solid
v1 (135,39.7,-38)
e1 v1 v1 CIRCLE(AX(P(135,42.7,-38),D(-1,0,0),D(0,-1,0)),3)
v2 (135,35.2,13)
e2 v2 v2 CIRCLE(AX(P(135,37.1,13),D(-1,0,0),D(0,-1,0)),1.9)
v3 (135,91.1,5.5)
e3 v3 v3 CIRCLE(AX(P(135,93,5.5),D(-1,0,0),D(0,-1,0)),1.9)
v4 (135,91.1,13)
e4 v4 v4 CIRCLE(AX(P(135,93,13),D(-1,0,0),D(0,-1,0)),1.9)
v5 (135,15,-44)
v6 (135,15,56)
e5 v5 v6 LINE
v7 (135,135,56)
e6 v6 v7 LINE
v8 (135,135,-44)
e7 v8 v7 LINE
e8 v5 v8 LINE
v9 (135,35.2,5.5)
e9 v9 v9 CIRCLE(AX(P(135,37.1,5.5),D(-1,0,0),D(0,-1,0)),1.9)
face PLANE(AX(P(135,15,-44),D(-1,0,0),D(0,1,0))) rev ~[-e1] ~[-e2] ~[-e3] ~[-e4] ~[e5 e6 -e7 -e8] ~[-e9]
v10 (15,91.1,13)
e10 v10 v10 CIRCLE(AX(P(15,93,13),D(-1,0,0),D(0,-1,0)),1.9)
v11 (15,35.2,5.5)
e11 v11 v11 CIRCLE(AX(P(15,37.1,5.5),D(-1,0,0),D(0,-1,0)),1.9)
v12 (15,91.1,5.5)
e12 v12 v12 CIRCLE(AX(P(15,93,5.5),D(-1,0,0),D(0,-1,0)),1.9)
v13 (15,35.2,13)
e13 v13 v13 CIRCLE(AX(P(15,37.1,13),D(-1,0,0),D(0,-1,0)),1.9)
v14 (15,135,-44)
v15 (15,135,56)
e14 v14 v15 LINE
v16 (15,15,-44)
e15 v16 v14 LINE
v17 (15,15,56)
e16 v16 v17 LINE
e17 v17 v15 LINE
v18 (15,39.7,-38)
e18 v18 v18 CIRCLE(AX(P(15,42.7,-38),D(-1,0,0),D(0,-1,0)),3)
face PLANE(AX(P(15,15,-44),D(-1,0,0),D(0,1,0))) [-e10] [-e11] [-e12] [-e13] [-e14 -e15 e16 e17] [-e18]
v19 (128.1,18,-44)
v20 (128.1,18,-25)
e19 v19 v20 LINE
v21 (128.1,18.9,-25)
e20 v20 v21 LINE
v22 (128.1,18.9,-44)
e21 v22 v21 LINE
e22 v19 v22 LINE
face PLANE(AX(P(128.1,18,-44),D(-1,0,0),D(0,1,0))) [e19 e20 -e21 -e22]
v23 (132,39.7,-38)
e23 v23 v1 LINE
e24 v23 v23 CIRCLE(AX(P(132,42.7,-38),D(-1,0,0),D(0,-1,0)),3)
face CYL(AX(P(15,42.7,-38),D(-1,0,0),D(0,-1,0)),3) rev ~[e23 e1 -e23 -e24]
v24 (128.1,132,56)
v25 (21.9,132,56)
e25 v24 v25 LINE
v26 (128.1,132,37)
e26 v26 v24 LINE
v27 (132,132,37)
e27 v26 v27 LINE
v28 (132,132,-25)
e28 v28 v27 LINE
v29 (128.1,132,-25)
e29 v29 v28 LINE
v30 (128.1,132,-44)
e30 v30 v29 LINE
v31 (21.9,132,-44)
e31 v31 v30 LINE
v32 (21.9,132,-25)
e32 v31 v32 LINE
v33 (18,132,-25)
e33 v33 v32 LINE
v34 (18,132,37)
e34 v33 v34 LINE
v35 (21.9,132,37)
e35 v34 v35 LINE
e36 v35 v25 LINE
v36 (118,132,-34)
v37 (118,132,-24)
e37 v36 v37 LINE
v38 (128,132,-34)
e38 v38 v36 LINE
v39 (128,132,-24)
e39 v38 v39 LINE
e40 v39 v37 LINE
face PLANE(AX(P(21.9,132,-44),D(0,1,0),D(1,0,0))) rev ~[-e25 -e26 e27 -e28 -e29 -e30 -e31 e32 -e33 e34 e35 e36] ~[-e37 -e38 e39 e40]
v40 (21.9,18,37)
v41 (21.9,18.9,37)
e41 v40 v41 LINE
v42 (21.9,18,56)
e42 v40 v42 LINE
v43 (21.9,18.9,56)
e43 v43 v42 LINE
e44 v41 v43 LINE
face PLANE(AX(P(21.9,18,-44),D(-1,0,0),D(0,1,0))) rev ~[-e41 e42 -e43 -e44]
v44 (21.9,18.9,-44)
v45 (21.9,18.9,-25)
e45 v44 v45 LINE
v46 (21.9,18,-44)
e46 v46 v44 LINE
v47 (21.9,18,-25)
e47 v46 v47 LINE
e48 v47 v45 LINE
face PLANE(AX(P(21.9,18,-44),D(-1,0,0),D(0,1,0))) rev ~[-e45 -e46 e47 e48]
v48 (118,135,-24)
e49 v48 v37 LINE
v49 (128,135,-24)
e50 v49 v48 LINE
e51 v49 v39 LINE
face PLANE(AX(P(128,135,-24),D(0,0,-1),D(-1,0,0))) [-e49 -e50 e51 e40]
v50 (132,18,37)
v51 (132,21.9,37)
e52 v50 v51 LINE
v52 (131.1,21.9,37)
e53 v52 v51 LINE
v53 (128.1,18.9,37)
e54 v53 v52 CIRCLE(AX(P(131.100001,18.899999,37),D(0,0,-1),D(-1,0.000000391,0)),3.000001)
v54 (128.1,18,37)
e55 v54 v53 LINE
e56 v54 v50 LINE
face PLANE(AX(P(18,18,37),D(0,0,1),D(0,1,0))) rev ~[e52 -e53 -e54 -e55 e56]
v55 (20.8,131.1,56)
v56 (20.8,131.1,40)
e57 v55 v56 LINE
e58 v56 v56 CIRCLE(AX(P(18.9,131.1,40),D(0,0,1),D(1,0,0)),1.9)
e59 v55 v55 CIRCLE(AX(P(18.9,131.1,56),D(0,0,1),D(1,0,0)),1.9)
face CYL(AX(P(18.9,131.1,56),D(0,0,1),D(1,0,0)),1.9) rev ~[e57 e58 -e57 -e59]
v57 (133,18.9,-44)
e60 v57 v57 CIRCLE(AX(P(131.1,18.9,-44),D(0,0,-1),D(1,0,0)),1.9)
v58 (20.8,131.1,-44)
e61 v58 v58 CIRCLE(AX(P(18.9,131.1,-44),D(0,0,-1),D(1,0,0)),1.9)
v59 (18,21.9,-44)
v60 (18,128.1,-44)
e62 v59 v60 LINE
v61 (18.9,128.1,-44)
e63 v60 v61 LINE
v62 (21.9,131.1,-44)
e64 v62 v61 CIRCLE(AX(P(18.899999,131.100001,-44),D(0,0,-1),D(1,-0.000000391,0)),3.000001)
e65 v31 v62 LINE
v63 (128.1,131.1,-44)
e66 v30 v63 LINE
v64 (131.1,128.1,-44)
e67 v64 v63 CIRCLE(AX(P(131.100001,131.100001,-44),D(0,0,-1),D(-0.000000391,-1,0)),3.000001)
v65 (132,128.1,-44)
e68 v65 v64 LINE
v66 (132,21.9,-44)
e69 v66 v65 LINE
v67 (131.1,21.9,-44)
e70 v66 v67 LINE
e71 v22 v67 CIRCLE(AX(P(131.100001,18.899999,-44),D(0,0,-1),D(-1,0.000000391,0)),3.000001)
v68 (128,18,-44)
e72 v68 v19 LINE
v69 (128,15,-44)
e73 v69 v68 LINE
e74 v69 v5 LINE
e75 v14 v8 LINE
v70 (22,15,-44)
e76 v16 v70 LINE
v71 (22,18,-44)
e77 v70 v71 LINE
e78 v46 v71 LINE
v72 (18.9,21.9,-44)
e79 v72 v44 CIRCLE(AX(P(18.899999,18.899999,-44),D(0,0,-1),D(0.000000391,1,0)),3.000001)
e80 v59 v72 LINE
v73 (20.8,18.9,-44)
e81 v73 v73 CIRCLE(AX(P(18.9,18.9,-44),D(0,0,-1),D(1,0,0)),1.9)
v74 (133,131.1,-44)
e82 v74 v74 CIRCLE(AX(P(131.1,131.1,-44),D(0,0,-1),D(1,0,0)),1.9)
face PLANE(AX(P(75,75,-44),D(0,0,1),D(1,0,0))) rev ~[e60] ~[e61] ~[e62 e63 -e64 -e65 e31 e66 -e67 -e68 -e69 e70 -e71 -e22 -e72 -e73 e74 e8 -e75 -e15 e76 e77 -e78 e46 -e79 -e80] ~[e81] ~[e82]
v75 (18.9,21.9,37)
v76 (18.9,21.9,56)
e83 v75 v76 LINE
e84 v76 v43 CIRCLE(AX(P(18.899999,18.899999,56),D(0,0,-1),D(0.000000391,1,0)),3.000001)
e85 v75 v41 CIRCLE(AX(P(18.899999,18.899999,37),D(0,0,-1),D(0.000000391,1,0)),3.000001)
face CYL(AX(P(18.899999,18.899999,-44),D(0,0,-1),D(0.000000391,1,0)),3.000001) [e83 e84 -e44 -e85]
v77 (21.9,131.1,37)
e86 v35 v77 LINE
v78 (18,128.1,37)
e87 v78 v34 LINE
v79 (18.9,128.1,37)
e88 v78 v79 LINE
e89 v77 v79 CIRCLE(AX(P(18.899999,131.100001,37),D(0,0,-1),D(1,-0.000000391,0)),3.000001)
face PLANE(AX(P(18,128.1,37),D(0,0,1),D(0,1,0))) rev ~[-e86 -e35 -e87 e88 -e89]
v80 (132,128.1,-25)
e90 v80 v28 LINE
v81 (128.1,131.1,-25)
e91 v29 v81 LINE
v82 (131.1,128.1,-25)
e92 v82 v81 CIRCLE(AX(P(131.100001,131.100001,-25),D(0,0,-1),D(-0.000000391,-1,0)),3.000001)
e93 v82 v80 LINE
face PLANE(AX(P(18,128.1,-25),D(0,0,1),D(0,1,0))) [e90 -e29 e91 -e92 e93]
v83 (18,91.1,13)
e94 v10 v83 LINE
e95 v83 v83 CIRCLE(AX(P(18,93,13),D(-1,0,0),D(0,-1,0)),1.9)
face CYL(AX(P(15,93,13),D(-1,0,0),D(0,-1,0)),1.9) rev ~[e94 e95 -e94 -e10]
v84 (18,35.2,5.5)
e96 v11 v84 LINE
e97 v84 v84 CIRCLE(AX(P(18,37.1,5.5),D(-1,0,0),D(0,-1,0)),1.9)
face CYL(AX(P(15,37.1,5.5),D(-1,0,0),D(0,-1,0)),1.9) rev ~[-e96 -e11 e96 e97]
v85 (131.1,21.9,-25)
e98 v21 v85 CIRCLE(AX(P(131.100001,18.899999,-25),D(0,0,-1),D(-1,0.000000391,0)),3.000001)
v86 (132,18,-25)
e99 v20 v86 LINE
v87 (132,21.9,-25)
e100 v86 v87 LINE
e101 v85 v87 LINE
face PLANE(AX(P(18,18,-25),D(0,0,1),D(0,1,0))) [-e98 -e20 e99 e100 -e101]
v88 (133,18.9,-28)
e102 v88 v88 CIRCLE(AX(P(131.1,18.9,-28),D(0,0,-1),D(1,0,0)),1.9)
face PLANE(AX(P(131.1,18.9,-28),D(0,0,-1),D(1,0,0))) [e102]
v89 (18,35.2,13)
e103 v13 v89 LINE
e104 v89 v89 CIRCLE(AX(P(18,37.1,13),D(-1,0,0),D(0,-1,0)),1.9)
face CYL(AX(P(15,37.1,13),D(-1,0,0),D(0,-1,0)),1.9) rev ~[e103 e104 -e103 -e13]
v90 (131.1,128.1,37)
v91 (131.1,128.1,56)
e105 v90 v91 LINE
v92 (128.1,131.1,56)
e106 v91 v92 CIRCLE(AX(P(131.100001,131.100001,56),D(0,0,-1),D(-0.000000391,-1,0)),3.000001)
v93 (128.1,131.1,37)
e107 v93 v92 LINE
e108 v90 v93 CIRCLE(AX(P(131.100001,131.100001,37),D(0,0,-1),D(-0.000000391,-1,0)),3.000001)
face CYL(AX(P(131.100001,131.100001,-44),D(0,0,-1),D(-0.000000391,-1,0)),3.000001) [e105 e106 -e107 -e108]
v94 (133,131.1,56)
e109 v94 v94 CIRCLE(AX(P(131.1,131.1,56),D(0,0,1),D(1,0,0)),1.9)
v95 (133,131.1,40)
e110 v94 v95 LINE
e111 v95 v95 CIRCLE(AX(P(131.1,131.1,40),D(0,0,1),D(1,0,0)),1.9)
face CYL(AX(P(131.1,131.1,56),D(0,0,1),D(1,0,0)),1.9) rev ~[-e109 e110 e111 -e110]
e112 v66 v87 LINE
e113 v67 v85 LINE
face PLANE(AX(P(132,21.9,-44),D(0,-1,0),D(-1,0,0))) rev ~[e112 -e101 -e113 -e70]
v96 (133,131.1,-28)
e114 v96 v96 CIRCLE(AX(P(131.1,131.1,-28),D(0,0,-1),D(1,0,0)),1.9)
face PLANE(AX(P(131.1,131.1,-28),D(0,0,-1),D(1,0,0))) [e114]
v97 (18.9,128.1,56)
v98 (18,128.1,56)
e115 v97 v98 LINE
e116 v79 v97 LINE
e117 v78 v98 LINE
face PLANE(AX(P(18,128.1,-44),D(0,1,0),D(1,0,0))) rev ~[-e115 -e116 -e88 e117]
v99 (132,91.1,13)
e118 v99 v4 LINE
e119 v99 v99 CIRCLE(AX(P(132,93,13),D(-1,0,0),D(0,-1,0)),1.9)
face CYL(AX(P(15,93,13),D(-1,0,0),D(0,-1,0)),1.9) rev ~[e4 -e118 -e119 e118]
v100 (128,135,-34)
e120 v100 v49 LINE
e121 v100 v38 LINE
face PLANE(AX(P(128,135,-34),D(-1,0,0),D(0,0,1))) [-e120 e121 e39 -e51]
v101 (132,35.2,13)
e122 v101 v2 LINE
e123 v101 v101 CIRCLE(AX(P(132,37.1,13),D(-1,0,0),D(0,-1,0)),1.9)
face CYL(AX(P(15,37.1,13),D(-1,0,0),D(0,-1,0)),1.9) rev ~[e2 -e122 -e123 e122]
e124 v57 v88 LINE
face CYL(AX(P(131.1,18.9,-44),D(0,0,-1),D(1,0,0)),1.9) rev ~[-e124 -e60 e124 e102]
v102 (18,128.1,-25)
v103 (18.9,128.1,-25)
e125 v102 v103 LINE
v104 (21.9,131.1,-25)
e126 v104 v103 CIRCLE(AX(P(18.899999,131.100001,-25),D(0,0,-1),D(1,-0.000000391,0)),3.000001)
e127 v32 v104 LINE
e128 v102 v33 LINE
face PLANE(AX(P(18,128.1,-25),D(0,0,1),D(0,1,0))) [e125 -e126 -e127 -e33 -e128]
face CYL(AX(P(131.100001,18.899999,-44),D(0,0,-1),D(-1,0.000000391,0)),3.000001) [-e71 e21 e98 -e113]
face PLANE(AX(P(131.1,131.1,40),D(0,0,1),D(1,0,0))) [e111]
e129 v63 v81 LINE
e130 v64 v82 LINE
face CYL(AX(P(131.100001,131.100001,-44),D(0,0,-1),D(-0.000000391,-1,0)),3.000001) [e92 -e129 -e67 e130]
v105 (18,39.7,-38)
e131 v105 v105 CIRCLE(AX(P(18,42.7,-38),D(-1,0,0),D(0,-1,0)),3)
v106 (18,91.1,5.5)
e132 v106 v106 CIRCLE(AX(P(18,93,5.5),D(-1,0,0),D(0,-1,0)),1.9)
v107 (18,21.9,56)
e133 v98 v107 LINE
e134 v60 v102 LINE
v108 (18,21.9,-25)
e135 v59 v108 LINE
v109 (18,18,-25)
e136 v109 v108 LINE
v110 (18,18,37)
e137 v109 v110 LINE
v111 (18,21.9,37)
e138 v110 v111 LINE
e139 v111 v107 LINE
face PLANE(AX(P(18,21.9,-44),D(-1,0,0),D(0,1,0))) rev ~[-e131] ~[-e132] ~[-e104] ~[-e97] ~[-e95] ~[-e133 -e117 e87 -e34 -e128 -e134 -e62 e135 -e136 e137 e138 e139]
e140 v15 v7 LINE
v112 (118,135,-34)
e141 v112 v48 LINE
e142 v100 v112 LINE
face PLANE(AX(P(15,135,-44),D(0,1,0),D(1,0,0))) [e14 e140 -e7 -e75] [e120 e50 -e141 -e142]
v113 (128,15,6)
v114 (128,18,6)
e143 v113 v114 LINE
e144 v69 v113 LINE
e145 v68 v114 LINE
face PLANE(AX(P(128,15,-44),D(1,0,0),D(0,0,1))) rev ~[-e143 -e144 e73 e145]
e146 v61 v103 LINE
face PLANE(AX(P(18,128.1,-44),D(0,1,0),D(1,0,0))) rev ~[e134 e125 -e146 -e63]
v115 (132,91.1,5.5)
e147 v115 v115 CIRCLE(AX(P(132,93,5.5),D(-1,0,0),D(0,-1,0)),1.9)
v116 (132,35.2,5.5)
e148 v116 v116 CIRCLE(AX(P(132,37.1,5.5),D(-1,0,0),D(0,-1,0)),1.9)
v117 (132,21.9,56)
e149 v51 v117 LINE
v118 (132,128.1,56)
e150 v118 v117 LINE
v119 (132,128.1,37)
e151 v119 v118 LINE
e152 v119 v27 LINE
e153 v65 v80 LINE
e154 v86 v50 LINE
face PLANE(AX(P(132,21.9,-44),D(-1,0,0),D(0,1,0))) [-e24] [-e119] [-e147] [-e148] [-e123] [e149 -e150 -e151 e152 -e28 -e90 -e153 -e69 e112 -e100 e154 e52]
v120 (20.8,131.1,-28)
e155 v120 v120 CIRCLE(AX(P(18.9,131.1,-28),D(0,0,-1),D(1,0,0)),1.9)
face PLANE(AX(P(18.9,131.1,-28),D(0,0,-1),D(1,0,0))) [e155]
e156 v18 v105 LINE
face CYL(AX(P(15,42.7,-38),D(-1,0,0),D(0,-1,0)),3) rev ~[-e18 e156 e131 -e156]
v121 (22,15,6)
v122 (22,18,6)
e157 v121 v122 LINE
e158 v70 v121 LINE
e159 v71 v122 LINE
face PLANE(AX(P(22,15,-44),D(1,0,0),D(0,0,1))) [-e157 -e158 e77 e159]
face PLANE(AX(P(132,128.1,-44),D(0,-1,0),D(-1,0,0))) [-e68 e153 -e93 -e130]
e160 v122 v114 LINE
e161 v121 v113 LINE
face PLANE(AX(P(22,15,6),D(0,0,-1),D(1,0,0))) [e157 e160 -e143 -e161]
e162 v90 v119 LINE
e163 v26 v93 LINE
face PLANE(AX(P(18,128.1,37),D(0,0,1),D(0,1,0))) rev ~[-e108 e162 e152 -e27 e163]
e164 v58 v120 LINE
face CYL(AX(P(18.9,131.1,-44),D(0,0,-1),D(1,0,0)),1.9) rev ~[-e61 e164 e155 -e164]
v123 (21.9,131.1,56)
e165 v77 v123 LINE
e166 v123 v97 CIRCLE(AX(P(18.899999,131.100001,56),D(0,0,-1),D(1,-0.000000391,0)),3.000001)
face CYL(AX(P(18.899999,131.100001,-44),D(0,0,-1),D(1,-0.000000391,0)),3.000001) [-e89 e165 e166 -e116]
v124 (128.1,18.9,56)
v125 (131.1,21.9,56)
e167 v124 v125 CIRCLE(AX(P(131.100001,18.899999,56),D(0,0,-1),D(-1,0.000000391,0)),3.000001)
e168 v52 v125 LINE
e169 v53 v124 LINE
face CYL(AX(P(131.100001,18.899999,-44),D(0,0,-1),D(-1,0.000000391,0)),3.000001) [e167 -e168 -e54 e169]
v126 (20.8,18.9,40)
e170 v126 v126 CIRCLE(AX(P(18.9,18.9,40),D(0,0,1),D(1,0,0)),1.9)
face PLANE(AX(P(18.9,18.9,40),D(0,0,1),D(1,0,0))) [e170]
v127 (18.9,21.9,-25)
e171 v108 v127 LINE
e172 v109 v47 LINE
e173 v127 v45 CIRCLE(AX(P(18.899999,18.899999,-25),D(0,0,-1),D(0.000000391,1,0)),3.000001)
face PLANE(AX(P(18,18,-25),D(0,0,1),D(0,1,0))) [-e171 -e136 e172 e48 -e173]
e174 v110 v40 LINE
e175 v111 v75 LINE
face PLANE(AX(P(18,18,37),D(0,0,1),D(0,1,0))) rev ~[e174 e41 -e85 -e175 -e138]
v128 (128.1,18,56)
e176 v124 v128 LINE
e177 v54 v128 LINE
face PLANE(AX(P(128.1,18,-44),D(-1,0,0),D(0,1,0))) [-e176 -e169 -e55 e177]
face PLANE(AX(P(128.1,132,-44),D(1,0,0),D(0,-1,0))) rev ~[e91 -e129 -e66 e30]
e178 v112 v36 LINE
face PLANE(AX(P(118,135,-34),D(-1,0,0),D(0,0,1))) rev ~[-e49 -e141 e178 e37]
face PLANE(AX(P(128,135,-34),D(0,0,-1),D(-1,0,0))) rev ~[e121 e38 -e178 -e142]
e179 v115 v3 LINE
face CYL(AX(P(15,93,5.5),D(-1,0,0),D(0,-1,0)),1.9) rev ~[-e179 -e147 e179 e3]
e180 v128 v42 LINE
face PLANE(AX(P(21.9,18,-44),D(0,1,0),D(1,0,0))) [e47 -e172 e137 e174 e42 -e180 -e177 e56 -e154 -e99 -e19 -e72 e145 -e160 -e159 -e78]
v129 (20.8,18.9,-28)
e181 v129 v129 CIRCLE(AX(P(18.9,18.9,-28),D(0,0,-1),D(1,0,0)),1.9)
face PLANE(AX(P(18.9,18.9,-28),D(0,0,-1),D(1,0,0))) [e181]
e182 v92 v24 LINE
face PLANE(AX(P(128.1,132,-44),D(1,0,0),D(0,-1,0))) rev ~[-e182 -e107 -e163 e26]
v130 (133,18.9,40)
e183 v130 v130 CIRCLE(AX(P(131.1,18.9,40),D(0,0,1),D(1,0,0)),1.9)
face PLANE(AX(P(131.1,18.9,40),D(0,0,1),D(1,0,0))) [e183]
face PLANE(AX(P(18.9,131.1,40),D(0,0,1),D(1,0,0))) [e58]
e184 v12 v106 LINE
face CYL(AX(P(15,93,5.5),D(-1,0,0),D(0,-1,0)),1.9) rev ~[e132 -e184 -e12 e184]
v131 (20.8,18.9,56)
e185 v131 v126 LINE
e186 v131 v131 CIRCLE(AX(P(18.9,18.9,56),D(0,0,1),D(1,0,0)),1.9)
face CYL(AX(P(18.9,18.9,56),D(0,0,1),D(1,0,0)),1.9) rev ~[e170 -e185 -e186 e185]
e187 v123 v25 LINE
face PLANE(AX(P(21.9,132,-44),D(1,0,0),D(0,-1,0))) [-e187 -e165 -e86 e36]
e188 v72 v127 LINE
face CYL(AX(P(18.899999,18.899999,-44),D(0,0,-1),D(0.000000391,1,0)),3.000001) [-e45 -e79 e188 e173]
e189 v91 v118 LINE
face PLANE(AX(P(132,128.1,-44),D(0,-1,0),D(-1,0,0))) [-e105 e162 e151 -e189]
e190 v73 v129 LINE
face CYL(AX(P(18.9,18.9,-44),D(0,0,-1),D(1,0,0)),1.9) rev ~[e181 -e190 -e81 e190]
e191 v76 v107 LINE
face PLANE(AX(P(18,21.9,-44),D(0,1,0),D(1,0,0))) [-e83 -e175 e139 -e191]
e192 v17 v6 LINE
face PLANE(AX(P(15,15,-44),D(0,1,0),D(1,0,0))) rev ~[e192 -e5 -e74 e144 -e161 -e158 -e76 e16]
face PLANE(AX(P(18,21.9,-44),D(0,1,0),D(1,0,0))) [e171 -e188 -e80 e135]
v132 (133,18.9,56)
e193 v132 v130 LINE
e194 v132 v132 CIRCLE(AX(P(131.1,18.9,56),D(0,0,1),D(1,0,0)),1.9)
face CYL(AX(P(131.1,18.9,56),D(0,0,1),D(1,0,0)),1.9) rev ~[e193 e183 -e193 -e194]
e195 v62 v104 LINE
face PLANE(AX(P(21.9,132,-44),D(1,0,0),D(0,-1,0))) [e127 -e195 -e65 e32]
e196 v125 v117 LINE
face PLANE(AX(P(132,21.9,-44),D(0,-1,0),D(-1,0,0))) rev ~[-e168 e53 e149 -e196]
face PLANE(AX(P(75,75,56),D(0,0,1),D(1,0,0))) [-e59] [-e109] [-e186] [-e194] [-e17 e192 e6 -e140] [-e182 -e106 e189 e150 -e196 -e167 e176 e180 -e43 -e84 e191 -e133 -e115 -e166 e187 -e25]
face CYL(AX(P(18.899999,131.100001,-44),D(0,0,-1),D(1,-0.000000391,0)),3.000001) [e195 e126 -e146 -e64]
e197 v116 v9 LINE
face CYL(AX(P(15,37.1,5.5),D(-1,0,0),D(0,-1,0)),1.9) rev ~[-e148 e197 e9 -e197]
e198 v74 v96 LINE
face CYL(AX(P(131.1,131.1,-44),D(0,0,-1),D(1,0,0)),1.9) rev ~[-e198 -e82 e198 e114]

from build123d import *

# Parameters (mm, degrees)
SKETCH007_W     = 120
SKETCH007_H     = 120
PAD002_DEPTH    = 100
POCKET005_DEPTH = 100.001
SKETCH009_R     = 1.9
POCKET006_DEPTH = 16
SKETCH010_W     = 3.9
SKETCH010_H     = 62
POCKET007_DEPTH = 114
SKETCH011_R     = 1.9
POCKET008_DEPTH = 16
SKETCH012_R     = 1.9
POCKET009_DEPTH = 120.001
SKETCH013_W     = 106
SKETCH013_H     = 50
POCKET010_DEPTH = 3
SKETCH014_R     = 3
POCKET011_DEPTH = 120.001
SKETCH015_W     = 10
SKETCH015_H     = 10
POCKET012_DEPTH = 3


with BuildPart() as part:
    # Sketch007 → Pad002 (new body)
    with BuildSketch(Plane.XY):
        with Locations((75, 75)):
            Rectangle(SKETCH007_W, SKETCH007_H)
    extrude(amount=PAD002_DEPTH)

    # Sketch008 (on Face5 of Pad002) → Pocket005 (cut, through all)
    with BuildSketch(Plane(origin=(0, 0, 0), x_dir=(1, 0, 0), z_dir=(0, 0, -1))):
        with BuildLine():
            Line((21.9, -18), (128.1, -18))
            Line((128.1, -18), (128.1, -18.9))
            ThreePointArc((128.1, -18.9), (128.97868, -21.02132), (131.1, -21.9))
            Line((132, -21.9), (131.1, -21.9))
            Line((132, -21.9), (132, -128.1))
            Line((132, -128.1), (131.1, -128.1))
            ThreePointArc((131.1, -128.1), (128.97868, -128.97868), (128.1, -131.1))
            Line((128.1, -132), (128.1, -131.1))
            Line((21.9, -132), (128.1, -132))
            Line((21.9, -132), (21.9, -131.1))
            ThreePointArc((21.9, -131.1), (21.02132, -128.97868), (18.9, -128.1))
            Line((18, -128.1), (18.9, -128.1))
            Line((18, -21.9), (18, -128.1))
            Line((18, -21.9), (18.9, -21.9))
            ThreePointArc((18.9, -21.9), (21.02132, -21.02132), (21.9, -18.9))
            Line((21.9, -18), (21.9, -18.9))
        make_face()
    extrude(amount=-POCKET005_DEPTH, mode=Mode.SUBTRACT)

    # Sketch009 (on Face5 of Pocket005) → Pocket006 (cut)
    with BuildSketch(Plane.XY.offset(100)):
        with Locations((18.9, 18.9)):
            Circle(SKETCH009_R)
        with Locations((131.1, 18.9)):
            Circle(SKETCH009_R)
        with Locations((131.1, 131.1)):
            Circle(SKETCH009_R)
        with Locations((18.9, 131.1)):
            Circle(SKETCH009_R)
    extrude(amount=-POCKET006_DEPTH, mode=Mode.SUBTRACT)

    # Sketch010 (on Face7 of Pocket006) → Pocket007 (cut)
    with BuildSketch(Plane.YZ.offset(18)):
        with Locations((19.95, 50)):
            Rectangle(SKETCH010_W, SKETCH010_H)
        with Locations((130.05, 50)):
            Rectangle(SKETCH010_W, SKETCH010_H)
    extrude(amount=POCKET007_DEPTH, mode=Mode.SUBTRACT)

    # Sketch011 (on Face4 of Pocket007) → Pocket008 (cut)
    with BuildSketch(Plane(origin=(0, 0, 0), x_dir=(1, 0, 0), z_dir=(0, 0, -1))):
        with Locations((18.9, -131.1)):
            Circle(SKETCH011_R)
        with Locations((18.9, -18.9)):
            Circle(SKETCH011_R)
        with Locations((131.1, -18.9)):
            Circle(SKETCH011_R)
        with Locations((131.1, -131.1)):
            Circle(SKETCH011_R)
    extrude(amount=-POCKET008_DEPTH, mode=Mode.SUBTRACT)

    # Sketch012 (on Face2 of Pocket008) → Pocket009 (cut, through all)
    with BuildSketch(Plane(origin=(15, 0, 0), x_dir=(0, -1, 0), z_dir=(-1, 0, 0))):
        with Locations((-37.1, 57)):
            Circle(SKETCH012_R)
        with Locations((-37.1, 49.5)):
            Circle(SKETCH012_R)
        with Locations((-93, 57)):
            Circle(SKETCH012_R)
        with Locations((-93, 49.5)):
            Circle(SKETCH012_R)
    extrude(amount=-POCKET009_DEPTH, mode=Mode.SUBTRACT)

    # Sketch013 (on Face6 of Pocket009) → Pocket010 (cut)
    with BuildSketch(Plane.XZ.offset(-15)):
        with Locations((75, 25)):
            Rectangle(SKETCH013_W, SKETCH013_H)
    extrude(amount=-POCKET010_DEPTH, mode=Mode.SUBTRACT)

    # Sketch014 (on Face2 of Pocket010) → Pocket011 (cut, through all)
    with BuildSketch(Plane(origin=(15, 0, 0), x_dir=(0, -1, 0), z_dir=(-1, 0, 0))):
        with Locations((-42.7, 6)):
            Circle(SKETCH014_R)
    extrude(amount=-POCKET011_DEPTH, mode=Mode.SUBTRACT)

    # Sketch015 (on Face1 of Pocket011) → Pocket012 (cut)
    with BuildSketch(Plane(origin=(0, 135, 0), x_dir=(-1, 0, 0), z_dir=(0, 1, 0))):
        with Locations((-123, 15)):
            Rectangle(SKETCH015_W, SKETCH015_H)
    extrude(amount=-POCKET012_DEPTH, mode=Mode.SUBTRACT)


with BuildPart() as part_1:
    # Body009 placement: moved
    add(part.part.moved(Location((0, 0, -44))))


solid = part_1.part
